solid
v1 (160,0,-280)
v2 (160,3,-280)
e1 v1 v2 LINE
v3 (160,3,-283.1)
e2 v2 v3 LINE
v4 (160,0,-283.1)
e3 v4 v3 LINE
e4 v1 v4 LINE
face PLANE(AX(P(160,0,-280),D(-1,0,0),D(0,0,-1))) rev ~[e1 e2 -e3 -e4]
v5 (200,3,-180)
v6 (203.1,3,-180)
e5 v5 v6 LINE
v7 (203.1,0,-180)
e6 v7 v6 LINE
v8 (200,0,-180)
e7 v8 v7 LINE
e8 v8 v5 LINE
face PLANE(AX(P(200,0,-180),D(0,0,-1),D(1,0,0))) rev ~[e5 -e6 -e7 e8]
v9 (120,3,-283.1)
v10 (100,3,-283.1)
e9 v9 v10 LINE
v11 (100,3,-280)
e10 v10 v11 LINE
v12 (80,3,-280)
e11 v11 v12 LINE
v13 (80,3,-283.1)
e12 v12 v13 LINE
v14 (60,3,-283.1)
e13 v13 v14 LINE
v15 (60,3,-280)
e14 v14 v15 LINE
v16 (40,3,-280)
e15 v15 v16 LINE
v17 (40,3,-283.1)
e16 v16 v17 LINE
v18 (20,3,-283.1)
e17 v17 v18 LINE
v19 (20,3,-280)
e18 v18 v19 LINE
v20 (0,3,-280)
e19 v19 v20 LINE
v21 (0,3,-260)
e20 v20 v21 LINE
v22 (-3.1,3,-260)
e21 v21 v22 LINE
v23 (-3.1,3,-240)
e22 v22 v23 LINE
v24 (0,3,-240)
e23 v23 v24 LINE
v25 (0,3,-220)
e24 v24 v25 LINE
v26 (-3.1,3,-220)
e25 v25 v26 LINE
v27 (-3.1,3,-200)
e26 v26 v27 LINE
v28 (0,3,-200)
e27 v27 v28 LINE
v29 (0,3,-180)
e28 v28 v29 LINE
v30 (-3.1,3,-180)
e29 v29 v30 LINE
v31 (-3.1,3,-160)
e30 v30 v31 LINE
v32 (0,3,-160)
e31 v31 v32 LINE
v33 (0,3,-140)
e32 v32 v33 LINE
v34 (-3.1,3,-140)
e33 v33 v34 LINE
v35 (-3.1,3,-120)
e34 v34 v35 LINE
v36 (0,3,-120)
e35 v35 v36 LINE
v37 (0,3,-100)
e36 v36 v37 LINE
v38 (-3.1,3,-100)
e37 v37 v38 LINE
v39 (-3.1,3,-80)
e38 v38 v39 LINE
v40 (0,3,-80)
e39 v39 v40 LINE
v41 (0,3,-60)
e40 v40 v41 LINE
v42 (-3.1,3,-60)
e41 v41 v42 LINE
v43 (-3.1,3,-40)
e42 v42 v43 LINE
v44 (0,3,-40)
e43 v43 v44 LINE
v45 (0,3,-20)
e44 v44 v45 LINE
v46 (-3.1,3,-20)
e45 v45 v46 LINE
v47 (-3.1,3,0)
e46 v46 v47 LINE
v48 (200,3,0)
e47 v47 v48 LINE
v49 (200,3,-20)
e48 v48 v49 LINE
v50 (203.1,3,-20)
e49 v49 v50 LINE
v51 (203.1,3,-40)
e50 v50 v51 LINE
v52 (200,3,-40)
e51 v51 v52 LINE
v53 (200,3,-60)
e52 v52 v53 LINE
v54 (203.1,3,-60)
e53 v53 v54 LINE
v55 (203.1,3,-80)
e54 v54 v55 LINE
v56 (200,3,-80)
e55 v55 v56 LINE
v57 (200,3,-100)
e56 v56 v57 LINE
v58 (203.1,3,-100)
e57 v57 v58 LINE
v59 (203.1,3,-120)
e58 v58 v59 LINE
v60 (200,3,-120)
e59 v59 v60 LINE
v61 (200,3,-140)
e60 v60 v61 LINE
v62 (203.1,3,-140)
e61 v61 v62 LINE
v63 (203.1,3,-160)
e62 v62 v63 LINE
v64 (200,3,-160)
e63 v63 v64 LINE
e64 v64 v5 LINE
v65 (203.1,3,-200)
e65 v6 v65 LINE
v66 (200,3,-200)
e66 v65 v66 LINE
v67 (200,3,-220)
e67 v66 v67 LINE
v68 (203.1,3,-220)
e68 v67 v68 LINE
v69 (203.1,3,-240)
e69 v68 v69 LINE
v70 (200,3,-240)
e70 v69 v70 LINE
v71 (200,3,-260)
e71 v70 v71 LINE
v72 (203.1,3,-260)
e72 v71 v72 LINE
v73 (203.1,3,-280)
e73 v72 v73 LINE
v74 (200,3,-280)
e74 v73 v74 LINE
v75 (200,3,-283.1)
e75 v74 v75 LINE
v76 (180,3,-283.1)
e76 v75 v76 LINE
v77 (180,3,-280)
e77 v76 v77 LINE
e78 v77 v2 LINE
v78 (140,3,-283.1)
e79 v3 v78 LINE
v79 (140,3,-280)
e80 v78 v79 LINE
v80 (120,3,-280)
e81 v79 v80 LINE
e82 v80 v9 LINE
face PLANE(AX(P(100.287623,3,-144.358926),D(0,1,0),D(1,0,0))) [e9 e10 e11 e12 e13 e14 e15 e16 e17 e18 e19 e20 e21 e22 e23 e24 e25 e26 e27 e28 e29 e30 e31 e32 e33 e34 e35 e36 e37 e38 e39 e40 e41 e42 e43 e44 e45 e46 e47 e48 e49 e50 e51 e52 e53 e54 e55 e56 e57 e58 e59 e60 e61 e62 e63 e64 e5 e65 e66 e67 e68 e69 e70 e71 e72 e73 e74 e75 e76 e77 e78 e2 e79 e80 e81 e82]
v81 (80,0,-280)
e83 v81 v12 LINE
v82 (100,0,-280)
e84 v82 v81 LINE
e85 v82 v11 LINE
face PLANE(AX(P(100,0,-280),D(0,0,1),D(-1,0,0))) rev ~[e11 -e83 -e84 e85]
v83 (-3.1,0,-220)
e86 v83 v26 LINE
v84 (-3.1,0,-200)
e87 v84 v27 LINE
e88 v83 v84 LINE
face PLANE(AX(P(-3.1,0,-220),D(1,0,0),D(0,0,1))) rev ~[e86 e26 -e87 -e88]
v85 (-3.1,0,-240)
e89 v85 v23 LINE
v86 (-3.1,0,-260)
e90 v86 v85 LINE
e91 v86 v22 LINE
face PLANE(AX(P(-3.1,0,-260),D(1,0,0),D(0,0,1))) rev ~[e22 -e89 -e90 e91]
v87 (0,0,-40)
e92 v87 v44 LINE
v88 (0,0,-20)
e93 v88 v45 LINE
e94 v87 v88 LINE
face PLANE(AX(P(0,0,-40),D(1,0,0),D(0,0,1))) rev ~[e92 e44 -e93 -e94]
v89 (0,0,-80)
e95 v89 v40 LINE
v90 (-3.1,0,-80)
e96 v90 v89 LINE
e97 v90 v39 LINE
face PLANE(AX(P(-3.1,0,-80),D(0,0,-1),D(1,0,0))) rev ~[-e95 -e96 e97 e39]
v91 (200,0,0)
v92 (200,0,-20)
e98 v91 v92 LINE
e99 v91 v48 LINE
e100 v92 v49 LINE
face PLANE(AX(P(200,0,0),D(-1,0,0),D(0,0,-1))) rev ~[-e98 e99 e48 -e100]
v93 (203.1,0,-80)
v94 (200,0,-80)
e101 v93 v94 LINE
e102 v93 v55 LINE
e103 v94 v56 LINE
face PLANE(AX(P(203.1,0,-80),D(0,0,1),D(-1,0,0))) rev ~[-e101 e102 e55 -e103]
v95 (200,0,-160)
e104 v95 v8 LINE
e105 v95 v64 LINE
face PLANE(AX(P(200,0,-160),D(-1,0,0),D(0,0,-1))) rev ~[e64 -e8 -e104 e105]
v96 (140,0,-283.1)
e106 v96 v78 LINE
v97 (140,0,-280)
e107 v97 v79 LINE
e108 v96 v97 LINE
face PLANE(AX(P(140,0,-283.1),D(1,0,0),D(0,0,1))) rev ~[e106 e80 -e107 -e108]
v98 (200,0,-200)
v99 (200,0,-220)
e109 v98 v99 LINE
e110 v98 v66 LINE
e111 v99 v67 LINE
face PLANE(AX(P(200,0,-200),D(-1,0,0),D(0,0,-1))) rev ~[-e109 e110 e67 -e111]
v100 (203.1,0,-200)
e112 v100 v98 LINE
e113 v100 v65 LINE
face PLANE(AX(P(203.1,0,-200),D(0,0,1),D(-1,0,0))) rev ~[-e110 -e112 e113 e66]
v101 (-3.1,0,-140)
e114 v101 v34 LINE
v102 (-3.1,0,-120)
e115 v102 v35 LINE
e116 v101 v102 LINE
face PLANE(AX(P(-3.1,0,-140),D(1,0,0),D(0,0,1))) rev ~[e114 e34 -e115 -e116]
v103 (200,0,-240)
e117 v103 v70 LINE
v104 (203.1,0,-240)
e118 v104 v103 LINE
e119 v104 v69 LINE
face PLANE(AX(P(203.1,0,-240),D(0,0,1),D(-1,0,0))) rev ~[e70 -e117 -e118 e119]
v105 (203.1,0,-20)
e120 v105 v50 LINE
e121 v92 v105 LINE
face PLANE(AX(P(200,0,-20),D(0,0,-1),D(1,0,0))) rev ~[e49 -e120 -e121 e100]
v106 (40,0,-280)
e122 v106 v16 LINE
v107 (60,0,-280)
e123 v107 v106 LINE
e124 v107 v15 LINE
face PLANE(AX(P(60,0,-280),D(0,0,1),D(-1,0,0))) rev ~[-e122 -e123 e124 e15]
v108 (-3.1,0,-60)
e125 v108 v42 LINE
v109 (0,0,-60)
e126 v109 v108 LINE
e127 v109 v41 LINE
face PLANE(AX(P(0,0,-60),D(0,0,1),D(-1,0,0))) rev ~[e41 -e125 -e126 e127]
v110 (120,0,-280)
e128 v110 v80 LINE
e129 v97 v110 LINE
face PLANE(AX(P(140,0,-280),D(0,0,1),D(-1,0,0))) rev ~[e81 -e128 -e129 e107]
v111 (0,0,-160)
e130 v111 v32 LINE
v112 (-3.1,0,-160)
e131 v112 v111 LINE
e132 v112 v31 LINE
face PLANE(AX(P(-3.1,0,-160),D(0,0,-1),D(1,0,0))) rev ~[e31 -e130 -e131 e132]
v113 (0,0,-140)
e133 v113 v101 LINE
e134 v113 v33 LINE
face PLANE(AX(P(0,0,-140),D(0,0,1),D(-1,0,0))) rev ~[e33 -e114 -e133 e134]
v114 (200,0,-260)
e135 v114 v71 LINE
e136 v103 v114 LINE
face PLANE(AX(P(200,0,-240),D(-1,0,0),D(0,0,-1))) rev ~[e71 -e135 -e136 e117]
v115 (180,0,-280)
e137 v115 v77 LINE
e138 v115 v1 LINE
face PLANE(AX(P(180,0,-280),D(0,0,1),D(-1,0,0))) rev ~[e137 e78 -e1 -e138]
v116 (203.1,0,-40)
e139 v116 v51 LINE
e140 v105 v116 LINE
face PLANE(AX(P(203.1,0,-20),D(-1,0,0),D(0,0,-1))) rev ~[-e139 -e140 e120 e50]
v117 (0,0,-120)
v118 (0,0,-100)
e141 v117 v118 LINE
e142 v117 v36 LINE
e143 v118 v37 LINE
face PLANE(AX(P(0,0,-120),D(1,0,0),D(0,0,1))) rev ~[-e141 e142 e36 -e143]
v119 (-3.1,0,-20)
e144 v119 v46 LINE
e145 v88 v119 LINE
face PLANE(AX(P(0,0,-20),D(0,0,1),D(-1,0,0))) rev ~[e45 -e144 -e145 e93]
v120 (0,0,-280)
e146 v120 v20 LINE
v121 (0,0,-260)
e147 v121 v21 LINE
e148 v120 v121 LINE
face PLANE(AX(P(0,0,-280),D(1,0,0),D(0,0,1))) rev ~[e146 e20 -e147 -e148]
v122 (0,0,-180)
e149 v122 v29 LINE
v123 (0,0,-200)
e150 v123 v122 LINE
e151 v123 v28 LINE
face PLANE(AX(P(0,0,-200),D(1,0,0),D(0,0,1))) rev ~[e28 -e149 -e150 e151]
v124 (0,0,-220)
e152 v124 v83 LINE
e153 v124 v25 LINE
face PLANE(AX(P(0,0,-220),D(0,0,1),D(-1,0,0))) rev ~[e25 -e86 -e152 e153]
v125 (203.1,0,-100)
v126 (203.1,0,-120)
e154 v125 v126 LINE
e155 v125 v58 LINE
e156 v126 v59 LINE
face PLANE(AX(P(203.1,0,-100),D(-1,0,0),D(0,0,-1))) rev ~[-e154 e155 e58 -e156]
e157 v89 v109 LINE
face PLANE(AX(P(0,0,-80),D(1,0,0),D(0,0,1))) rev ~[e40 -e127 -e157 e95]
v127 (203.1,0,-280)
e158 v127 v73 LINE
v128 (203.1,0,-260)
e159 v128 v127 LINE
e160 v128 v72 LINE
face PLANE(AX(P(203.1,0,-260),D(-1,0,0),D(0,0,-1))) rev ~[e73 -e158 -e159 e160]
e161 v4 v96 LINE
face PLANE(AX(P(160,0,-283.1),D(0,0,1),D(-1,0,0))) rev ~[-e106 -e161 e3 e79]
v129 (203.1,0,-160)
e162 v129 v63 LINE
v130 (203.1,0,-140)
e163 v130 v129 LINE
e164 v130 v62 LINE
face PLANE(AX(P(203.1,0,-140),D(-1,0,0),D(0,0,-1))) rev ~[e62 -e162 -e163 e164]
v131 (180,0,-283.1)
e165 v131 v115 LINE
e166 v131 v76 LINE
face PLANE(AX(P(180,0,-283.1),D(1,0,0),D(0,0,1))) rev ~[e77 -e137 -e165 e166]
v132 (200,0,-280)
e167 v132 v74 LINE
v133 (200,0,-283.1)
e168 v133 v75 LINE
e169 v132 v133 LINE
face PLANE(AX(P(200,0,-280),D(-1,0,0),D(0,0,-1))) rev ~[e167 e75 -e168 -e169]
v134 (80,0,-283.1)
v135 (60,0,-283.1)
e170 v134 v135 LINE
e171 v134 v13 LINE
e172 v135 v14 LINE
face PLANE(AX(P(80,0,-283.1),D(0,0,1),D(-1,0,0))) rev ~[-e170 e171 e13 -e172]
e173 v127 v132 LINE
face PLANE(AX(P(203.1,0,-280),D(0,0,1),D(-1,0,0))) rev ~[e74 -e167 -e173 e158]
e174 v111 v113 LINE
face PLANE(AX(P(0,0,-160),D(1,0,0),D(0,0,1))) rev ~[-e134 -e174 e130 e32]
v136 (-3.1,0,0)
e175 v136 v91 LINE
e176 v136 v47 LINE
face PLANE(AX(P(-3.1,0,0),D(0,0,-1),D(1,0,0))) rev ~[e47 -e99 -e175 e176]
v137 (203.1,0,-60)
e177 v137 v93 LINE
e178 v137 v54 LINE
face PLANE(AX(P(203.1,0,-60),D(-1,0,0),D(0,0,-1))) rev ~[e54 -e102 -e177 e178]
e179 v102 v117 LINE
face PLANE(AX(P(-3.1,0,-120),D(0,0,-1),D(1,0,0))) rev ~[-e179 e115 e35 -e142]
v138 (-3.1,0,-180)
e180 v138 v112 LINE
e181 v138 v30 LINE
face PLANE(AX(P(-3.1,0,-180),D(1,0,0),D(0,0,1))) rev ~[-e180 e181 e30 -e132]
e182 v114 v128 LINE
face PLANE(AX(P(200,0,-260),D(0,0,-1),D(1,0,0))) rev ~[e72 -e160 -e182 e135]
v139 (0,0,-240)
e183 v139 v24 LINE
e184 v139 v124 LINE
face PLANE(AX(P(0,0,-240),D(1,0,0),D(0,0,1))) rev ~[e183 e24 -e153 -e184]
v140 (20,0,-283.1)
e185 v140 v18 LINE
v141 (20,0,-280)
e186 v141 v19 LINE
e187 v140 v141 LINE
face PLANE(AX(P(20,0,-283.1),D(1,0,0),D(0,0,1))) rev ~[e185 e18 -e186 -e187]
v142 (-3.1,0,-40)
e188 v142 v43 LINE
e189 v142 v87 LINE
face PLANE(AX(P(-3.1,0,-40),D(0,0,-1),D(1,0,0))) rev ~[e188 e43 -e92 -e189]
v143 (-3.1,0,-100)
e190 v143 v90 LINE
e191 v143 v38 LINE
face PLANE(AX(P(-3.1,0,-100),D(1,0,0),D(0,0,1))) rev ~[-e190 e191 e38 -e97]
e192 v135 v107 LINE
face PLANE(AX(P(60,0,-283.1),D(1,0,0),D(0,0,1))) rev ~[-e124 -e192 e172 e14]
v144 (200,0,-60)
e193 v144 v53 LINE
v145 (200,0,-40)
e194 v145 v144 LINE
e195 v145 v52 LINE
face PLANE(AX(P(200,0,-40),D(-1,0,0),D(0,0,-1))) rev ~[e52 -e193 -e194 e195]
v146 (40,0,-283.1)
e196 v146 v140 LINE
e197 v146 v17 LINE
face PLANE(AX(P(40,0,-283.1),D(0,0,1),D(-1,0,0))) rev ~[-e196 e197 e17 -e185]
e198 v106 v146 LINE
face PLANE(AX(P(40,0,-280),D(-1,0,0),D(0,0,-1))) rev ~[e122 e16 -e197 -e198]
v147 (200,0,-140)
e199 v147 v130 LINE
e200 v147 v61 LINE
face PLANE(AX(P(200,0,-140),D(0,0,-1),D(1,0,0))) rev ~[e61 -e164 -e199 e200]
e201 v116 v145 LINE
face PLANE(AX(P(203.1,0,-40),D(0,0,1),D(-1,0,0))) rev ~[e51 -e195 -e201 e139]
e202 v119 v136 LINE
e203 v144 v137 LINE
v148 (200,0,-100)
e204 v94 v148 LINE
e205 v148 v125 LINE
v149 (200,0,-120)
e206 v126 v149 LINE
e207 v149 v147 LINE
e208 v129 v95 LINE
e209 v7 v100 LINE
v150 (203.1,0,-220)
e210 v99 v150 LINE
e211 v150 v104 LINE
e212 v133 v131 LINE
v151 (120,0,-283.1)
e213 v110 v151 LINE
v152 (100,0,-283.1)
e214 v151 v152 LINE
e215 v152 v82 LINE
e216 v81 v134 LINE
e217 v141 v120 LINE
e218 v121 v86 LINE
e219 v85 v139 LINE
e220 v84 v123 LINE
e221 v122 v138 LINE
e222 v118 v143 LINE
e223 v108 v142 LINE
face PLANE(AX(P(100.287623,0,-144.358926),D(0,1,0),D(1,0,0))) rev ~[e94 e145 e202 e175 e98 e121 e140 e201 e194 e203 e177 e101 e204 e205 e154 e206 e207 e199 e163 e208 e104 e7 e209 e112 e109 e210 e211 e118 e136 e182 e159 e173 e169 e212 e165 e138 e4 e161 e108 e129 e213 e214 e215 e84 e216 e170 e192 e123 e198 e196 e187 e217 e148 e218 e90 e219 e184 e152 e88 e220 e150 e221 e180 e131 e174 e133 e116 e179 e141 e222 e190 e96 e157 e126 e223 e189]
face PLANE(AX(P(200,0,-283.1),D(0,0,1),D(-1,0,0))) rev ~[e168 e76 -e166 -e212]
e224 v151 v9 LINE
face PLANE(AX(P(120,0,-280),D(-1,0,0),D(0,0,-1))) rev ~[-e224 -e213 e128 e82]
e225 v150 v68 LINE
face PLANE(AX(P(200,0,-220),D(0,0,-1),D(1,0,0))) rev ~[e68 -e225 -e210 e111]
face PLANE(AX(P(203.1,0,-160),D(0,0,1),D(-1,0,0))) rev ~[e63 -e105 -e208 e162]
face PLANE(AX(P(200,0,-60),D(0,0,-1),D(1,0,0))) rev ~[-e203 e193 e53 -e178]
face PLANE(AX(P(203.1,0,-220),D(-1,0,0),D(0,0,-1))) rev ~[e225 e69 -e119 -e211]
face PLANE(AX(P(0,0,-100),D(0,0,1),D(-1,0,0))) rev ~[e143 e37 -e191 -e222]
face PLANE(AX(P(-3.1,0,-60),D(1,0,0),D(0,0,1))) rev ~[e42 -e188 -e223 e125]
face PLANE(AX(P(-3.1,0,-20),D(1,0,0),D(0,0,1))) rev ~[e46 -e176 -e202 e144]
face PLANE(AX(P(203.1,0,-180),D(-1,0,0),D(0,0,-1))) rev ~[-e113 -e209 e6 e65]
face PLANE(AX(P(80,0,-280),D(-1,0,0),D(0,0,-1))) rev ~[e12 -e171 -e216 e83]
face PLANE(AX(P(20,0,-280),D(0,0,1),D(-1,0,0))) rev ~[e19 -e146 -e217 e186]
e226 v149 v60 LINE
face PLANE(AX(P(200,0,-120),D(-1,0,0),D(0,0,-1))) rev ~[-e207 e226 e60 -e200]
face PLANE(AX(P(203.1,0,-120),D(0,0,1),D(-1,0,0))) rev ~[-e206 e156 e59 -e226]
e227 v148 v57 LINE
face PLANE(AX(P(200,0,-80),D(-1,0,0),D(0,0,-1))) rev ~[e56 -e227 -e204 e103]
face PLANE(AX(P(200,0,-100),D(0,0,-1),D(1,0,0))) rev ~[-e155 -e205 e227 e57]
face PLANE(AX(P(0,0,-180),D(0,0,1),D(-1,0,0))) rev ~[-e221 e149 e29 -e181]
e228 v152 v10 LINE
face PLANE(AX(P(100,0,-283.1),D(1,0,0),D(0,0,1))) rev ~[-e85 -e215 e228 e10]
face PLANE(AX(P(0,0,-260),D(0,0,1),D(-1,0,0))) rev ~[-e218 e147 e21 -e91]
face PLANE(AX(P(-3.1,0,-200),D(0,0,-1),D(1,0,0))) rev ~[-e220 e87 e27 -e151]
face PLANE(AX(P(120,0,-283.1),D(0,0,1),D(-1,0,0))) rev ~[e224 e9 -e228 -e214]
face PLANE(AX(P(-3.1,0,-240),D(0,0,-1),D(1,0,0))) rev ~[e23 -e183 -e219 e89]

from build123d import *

# Parameters (mm, degrees)
SALIENTE_EXTRUIR1_DEPTH = 3


with BuildPart() as part:
    # Croquis1 → Saliente-Extruir1 (new body)
    with BuildSketch(Plane(origin=(0, 0, 0), x_dir=(1, 0, 0), z_dir=(0, 1, 0))):
        Polygon((0, 0), (200, 0), (200, 20), (203.1, 20), (203.1, 40), (200, 40), (200, 60), (203.1, 60), (203.1, 80), (200, 80), (200, 100), (203.1, 100), (203.1, 120), (200, 120), (200, 140), (203.1, 140), (203.1, 160), (200, 160), (200, 180), (203.1, 180), (203.1, 200), (200, 200), (200, 220), (203.1, 220), (203.1, 240), (200, 240), (200, 260), (203.1, 260), (203.1, 280), (200, 280), (200, 283.1), (180, 283.1), (180, 280), (160, 280), (160, 283.1), (140, 283.1), (140, 280), (120, 280), (120, 283.1), (100, 283.1), (100, 280), (80, 280), (80, 283.1), (60, 283.1), (60, 280), (40, 280), (40, 283.1), (20, 283.1), (20, 280), (0, 280), (0, 260), (-3.1, 260), (-3.1, 240), (0, 240), (0, 220), (-3.1, 220), (-3.1, 200), (0, 200), (0, 180), (-3.1, 180), (-3.1, 160), (0, 160), (0, 140), (-3.1, 140), (-3.1, 120), (0, 120), (0, 100), (-3.1, 100), (-3.1, 80), (0, 80), (0, 60), (-3.1, 60), (-3.1, 40), (0, 40), (0, 20), (-3.1, 20), (-3.1, 0), align=None)
    extrude(amount=SALIENTE_EXTRUIR1_DEPTH)


solid = part.part
